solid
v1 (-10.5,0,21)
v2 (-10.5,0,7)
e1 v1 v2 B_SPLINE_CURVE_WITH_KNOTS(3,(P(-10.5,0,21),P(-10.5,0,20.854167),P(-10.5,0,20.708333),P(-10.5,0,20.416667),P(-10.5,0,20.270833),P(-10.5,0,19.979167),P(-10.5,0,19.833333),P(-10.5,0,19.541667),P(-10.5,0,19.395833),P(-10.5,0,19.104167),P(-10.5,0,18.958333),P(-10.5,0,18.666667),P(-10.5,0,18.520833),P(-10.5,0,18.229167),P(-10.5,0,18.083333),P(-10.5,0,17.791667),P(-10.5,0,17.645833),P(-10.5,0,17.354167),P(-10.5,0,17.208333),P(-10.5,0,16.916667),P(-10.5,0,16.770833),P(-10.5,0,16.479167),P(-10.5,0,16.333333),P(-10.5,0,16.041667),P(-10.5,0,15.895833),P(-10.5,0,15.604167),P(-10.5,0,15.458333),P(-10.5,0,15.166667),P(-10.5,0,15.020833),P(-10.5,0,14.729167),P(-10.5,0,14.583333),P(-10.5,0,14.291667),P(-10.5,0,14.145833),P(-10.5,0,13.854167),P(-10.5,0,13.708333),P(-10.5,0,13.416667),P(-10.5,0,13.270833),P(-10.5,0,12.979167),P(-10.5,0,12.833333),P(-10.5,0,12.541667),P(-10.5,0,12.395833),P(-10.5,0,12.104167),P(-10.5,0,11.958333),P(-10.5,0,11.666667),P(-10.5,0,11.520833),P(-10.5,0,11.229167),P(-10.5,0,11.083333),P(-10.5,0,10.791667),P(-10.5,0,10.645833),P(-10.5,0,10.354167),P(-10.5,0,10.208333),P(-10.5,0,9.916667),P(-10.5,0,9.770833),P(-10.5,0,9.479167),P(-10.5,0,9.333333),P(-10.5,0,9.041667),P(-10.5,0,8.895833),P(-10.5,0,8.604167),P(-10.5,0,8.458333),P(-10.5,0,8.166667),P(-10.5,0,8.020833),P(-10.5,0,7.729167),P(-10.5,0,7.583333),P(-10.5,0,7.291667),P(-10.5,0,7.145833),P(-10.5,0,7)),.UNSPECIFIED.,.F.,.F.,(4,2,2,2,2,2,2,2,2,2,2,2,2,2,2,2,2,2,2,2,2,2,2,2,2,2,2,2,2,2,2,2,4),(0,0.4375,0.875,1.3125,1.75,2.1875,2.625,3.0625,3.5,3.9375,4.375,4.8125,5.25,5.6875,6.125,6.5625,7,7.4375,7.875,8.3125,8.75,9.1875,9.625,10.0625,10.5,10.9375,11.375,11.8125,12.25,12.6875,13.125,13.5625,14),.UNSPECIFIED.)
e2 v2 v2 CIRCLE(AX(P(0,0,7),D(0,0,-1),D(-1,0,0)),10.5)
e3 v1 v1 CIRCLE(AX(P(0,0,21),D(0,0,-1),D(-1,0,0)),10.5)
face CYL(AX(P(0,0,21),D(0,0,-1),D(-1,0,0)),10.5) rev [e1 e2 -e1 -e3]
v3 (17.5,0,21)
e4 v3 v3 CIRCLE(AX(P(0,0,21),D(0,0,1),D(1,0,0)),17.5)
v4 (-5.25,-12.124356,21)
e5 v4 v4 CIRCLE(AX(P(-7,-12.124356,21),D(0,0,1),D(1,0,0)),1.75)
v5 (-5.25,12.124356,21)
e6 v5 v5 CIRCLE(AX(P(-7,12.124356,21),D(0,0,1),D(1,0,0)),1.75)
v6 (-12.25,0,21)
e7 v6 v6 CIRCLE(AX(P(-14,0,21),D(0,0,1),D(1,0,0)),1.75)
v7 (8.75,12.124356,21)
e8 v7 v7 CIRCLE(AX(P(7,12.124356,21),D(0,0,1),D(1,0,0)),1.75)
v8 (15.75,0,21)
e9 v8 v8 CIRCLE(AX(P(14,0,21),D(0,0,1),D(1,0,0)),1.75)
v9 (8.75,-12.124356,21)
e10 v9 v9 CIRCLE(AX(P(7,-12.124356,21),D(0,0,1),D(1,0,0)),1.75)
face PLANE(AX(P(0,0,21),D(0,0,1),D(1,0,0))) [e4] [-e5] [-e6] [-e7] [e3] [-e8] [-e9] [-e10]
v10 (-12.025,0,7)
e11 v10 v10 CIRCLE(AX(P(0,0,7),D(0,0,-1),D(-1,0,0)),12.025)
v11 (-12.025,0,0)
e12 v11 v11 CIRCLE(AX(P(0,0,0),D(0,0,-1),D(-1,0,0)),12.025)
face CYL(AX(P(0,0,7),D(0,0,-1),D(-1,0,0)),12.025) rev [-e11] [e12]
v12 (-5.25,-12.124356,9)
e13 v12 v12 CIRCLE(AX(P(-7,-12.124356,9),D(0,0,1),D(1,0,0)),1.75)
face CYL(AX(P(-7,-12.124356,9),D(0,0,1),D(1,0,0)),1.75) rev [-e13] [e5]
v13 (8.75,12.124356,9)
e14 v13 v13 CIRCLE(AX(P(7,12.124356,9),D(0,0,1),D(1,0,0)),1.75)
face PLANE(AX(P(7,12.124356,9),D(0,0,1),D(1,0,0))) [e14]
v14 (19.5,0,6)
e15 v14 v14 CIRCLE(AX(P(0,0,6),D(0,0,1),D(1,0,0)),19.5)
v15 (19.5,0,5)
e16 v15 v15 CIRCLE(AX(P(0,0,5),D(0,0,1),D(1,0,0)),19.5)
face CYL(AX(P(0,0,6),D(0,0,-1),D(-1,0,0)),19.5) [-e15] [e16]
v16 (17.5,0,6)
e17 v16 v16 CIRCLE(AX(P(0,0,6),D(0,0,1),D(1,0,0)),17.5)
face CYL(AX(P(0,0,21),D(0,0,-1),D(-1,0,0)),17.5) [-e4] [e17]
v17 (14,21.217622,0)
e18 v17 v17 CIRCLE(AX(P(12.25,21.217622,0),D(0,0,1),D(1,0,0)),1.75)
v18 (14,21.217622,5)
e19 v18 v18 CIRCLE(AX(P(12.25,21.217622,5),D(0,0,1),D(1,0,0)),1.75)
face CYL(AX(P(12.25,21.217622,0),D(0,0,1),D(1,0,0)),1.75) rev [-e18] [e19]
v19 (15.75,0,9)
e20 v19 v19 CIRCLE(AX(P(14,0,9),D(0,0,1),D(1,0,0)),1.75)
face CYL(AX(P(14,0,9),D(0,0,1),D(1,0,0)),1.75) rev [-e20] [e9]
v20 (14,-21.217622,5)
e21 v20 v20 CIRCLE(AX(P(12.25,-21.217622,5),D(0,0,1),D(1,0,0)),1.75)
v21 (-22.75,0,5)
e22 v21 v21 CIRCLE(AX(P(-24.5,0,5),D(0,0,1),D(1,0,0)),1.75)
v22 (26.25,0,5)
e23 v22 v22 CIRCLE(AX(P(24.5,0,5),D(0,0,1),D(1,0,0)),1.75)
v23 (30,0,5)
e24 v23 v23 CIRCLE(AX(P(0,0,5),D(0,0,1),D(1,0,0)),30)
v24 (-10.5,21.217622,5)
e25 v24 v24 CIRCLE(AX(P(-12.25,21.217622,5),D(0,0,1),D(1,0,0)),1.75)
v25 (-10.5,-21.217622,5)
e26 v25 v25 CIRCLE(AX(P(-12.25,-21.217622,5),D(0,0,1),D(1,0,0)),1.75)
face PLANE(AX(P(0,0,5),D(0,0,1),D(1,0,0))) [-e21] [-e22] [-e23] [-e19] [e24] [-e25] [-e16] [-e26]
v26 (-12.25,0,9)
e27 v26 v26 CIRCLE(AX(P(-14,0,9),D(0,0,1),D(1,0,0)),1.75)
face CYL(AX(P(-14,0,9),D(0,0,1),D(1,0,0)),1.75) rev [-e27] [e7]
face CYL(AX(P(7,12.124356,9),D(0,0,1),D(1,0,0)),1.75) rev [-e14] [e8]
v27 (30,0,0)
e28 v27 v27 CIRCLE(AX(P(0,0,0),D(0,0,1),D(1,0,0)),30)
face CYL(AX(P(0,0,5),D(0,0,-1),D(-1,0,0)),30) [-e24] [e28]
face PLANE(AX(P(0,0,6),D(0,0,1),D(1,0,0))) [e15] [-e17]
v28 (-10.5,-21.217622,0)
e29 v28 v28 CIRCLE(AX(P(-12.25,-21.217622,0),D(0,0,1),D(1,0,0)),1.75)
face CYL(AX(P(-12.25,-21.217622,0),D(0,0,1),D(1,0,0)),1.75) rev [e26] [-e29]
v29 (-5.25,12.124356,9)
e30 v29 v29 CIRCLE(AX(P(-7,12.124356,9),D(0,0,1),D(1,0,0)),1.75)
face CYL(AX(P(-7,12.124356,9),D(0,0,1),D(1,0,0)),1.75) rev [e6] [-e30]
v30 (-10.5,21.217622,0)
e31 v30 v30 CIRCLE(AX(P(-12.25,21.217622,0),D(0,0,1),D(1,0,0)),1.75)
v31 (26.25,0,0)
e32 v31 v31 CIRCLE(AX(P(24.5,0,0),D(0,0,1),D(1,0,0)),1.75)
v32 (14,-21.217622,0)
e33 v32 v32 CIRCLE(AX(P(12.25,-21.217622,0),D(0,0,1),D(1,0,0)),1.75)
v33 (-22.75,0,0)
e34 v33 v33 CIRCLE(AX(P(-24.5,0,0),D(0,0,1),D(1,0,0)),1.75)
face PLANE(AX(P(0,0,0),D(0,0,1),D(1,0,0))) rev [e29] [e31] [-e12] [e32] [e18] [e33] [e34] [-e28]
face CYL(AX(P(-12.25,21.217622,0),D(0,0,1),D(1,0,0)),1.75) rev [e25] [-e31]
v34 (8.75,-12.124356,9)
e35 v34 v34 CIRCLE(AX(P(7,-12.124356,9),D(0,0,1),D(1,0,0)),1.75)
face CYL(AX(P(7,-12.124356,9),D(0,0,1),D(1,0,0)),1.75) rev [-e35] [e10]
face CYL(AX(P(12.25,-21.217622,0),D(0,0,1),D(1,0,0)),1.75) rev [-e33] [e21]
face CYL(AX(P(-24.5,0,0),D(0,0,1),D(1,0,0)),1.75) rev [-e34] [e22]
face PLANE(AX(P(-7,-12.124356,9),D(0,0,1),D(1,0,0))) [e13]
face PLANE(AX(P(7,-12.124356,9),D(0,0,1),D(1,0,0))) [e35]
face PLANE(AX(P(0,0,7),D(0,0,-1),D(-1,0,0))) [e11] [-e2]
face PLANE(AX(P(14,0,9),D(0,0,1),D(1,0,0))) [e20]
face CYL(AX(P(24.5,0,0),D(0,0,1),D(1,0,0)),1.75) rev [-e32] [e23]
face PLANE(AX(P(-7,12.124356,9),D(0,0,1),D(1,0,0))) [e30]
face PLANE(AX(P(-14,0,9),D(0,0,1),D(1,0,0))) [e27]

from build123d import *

# Parameters (mm, degrees)
SKETCH1_R           = 30
BOSS_EXTRUDE1_DEPTH = 5
SKETCH2_R           = 19.5
BOSS_EXTRUDE2_DEPTH = 1
SKETCH3_R           = 17.5
BOSS_EXTRUDE3_DEPTH = 15
SKETCH4_R           = 12.025
CUT_EXTRUDE1_DEPTH  = 7
SKETCH5_R           = 10.5
CUT_EXTRUDE2_DEPTH  = 45.676615807
SKETCH6_R           = 1.75
CUT_EXTRUDE3_DEPTH  = 46.343136195
SKETCH7_R           = 1.75
CUT_EXTRUDE4_DEPTH  = 12


with BuildPart() as part:
    # Sketch1 → Boss-Extrude1 (new body)
    with BuildSketch(Plane.XY):
        Circle(SKETCH1_R)
    extrude(amount=BOSS_EXTRUDE1_DEPTH)

    # Sketch2 → Boss-Extrude2 (add)
    with BuildSketch(Plane.XY.offset(5)):
        Circle(SKETCH2_R)
    extrude(amount=BOSS_EXTRUDE2_DEPTH)

    # Sketch3 → Boss-Extrude3 (add)
    with BuildSketch(Plane.XY.offset(6)):
        Circle(SKETCH3_R)
    extrude(amount=BOSS_EXTRUDE3_DEPTH)

    # Sketch4 → Cut-Extrude1 (cut)
    with BuildSketch(Plane(origin=(0, 0, 0), x_dir=(-1, 0, 0), z_dir=(0, 0, -1))):
        Circle(SKETCH4_R)
    extrude(amount=-CUT_EXTRUDE1_DEPTH, mode=Mode.SUBTRACT)

    # Sketch5 → Cut-Extrude2 (cut, through all)
    with BuildSketch(Plane(origin=(0, 0, 7), x_dir=(-1, 0, 0), z_dir=(0, 0, -1))):
        Circle(SKETCH5_R)
    extrude(amount=-CUT_EXTRUDE2_DEPTH, mode=Mode.SUBTRACT)

    # Sketch6 → Cut-Extrude3 (cut, through all)
    with BuildSketch(Plane.XY.offset(5)):
        with Locations((24.5, 0)):
            Circle(SKETCH6_R)
        with Locations((12.25, -21.217622393)):
            Circle(SKETCH6_R)
        with Locations((-12.25, -21.217622393)):
            Circle(SKETCH6_R)
        with Locations((-24.5, 0)):
            Circle(SKETCH6_R)
        with Locations((-12.25, 21.217622393)):
            Circle(SKETCH6_R)
        with Locations((12.25, 21.217622393)):
            Circle(SKETCH6_R)
    extrude(amount=-CUT_EXTRUDE3_DEPTH, mode=Mode.SUBTRACT)

    # Sketch7 → Cut-Extrude4 (cut)
    with BuildSketch(Plane.XY.offset(21)):
        with Locations((14, 0)):
            Circle(SKETCH7_R)
        with Locations((7, -12.124355653)):
            Circle(SKETCH7_R)
        with Locations((-7, -12.124355653)):
            Circle(SKETCH7_R)
        with Locations((-14, 0)):
            Circle(SKETCH7_R)
        with Locations((-7, 12.124355653)):
            Circle(SKETCH7_R)
        with Locations((7, 12.124355653)):
            Circle(SKETCH7_R)
    extrude(amount=-CUT_EXTRUDE4_DEPTH, mode=Mode.SUBTRACT)


solid = part.part
